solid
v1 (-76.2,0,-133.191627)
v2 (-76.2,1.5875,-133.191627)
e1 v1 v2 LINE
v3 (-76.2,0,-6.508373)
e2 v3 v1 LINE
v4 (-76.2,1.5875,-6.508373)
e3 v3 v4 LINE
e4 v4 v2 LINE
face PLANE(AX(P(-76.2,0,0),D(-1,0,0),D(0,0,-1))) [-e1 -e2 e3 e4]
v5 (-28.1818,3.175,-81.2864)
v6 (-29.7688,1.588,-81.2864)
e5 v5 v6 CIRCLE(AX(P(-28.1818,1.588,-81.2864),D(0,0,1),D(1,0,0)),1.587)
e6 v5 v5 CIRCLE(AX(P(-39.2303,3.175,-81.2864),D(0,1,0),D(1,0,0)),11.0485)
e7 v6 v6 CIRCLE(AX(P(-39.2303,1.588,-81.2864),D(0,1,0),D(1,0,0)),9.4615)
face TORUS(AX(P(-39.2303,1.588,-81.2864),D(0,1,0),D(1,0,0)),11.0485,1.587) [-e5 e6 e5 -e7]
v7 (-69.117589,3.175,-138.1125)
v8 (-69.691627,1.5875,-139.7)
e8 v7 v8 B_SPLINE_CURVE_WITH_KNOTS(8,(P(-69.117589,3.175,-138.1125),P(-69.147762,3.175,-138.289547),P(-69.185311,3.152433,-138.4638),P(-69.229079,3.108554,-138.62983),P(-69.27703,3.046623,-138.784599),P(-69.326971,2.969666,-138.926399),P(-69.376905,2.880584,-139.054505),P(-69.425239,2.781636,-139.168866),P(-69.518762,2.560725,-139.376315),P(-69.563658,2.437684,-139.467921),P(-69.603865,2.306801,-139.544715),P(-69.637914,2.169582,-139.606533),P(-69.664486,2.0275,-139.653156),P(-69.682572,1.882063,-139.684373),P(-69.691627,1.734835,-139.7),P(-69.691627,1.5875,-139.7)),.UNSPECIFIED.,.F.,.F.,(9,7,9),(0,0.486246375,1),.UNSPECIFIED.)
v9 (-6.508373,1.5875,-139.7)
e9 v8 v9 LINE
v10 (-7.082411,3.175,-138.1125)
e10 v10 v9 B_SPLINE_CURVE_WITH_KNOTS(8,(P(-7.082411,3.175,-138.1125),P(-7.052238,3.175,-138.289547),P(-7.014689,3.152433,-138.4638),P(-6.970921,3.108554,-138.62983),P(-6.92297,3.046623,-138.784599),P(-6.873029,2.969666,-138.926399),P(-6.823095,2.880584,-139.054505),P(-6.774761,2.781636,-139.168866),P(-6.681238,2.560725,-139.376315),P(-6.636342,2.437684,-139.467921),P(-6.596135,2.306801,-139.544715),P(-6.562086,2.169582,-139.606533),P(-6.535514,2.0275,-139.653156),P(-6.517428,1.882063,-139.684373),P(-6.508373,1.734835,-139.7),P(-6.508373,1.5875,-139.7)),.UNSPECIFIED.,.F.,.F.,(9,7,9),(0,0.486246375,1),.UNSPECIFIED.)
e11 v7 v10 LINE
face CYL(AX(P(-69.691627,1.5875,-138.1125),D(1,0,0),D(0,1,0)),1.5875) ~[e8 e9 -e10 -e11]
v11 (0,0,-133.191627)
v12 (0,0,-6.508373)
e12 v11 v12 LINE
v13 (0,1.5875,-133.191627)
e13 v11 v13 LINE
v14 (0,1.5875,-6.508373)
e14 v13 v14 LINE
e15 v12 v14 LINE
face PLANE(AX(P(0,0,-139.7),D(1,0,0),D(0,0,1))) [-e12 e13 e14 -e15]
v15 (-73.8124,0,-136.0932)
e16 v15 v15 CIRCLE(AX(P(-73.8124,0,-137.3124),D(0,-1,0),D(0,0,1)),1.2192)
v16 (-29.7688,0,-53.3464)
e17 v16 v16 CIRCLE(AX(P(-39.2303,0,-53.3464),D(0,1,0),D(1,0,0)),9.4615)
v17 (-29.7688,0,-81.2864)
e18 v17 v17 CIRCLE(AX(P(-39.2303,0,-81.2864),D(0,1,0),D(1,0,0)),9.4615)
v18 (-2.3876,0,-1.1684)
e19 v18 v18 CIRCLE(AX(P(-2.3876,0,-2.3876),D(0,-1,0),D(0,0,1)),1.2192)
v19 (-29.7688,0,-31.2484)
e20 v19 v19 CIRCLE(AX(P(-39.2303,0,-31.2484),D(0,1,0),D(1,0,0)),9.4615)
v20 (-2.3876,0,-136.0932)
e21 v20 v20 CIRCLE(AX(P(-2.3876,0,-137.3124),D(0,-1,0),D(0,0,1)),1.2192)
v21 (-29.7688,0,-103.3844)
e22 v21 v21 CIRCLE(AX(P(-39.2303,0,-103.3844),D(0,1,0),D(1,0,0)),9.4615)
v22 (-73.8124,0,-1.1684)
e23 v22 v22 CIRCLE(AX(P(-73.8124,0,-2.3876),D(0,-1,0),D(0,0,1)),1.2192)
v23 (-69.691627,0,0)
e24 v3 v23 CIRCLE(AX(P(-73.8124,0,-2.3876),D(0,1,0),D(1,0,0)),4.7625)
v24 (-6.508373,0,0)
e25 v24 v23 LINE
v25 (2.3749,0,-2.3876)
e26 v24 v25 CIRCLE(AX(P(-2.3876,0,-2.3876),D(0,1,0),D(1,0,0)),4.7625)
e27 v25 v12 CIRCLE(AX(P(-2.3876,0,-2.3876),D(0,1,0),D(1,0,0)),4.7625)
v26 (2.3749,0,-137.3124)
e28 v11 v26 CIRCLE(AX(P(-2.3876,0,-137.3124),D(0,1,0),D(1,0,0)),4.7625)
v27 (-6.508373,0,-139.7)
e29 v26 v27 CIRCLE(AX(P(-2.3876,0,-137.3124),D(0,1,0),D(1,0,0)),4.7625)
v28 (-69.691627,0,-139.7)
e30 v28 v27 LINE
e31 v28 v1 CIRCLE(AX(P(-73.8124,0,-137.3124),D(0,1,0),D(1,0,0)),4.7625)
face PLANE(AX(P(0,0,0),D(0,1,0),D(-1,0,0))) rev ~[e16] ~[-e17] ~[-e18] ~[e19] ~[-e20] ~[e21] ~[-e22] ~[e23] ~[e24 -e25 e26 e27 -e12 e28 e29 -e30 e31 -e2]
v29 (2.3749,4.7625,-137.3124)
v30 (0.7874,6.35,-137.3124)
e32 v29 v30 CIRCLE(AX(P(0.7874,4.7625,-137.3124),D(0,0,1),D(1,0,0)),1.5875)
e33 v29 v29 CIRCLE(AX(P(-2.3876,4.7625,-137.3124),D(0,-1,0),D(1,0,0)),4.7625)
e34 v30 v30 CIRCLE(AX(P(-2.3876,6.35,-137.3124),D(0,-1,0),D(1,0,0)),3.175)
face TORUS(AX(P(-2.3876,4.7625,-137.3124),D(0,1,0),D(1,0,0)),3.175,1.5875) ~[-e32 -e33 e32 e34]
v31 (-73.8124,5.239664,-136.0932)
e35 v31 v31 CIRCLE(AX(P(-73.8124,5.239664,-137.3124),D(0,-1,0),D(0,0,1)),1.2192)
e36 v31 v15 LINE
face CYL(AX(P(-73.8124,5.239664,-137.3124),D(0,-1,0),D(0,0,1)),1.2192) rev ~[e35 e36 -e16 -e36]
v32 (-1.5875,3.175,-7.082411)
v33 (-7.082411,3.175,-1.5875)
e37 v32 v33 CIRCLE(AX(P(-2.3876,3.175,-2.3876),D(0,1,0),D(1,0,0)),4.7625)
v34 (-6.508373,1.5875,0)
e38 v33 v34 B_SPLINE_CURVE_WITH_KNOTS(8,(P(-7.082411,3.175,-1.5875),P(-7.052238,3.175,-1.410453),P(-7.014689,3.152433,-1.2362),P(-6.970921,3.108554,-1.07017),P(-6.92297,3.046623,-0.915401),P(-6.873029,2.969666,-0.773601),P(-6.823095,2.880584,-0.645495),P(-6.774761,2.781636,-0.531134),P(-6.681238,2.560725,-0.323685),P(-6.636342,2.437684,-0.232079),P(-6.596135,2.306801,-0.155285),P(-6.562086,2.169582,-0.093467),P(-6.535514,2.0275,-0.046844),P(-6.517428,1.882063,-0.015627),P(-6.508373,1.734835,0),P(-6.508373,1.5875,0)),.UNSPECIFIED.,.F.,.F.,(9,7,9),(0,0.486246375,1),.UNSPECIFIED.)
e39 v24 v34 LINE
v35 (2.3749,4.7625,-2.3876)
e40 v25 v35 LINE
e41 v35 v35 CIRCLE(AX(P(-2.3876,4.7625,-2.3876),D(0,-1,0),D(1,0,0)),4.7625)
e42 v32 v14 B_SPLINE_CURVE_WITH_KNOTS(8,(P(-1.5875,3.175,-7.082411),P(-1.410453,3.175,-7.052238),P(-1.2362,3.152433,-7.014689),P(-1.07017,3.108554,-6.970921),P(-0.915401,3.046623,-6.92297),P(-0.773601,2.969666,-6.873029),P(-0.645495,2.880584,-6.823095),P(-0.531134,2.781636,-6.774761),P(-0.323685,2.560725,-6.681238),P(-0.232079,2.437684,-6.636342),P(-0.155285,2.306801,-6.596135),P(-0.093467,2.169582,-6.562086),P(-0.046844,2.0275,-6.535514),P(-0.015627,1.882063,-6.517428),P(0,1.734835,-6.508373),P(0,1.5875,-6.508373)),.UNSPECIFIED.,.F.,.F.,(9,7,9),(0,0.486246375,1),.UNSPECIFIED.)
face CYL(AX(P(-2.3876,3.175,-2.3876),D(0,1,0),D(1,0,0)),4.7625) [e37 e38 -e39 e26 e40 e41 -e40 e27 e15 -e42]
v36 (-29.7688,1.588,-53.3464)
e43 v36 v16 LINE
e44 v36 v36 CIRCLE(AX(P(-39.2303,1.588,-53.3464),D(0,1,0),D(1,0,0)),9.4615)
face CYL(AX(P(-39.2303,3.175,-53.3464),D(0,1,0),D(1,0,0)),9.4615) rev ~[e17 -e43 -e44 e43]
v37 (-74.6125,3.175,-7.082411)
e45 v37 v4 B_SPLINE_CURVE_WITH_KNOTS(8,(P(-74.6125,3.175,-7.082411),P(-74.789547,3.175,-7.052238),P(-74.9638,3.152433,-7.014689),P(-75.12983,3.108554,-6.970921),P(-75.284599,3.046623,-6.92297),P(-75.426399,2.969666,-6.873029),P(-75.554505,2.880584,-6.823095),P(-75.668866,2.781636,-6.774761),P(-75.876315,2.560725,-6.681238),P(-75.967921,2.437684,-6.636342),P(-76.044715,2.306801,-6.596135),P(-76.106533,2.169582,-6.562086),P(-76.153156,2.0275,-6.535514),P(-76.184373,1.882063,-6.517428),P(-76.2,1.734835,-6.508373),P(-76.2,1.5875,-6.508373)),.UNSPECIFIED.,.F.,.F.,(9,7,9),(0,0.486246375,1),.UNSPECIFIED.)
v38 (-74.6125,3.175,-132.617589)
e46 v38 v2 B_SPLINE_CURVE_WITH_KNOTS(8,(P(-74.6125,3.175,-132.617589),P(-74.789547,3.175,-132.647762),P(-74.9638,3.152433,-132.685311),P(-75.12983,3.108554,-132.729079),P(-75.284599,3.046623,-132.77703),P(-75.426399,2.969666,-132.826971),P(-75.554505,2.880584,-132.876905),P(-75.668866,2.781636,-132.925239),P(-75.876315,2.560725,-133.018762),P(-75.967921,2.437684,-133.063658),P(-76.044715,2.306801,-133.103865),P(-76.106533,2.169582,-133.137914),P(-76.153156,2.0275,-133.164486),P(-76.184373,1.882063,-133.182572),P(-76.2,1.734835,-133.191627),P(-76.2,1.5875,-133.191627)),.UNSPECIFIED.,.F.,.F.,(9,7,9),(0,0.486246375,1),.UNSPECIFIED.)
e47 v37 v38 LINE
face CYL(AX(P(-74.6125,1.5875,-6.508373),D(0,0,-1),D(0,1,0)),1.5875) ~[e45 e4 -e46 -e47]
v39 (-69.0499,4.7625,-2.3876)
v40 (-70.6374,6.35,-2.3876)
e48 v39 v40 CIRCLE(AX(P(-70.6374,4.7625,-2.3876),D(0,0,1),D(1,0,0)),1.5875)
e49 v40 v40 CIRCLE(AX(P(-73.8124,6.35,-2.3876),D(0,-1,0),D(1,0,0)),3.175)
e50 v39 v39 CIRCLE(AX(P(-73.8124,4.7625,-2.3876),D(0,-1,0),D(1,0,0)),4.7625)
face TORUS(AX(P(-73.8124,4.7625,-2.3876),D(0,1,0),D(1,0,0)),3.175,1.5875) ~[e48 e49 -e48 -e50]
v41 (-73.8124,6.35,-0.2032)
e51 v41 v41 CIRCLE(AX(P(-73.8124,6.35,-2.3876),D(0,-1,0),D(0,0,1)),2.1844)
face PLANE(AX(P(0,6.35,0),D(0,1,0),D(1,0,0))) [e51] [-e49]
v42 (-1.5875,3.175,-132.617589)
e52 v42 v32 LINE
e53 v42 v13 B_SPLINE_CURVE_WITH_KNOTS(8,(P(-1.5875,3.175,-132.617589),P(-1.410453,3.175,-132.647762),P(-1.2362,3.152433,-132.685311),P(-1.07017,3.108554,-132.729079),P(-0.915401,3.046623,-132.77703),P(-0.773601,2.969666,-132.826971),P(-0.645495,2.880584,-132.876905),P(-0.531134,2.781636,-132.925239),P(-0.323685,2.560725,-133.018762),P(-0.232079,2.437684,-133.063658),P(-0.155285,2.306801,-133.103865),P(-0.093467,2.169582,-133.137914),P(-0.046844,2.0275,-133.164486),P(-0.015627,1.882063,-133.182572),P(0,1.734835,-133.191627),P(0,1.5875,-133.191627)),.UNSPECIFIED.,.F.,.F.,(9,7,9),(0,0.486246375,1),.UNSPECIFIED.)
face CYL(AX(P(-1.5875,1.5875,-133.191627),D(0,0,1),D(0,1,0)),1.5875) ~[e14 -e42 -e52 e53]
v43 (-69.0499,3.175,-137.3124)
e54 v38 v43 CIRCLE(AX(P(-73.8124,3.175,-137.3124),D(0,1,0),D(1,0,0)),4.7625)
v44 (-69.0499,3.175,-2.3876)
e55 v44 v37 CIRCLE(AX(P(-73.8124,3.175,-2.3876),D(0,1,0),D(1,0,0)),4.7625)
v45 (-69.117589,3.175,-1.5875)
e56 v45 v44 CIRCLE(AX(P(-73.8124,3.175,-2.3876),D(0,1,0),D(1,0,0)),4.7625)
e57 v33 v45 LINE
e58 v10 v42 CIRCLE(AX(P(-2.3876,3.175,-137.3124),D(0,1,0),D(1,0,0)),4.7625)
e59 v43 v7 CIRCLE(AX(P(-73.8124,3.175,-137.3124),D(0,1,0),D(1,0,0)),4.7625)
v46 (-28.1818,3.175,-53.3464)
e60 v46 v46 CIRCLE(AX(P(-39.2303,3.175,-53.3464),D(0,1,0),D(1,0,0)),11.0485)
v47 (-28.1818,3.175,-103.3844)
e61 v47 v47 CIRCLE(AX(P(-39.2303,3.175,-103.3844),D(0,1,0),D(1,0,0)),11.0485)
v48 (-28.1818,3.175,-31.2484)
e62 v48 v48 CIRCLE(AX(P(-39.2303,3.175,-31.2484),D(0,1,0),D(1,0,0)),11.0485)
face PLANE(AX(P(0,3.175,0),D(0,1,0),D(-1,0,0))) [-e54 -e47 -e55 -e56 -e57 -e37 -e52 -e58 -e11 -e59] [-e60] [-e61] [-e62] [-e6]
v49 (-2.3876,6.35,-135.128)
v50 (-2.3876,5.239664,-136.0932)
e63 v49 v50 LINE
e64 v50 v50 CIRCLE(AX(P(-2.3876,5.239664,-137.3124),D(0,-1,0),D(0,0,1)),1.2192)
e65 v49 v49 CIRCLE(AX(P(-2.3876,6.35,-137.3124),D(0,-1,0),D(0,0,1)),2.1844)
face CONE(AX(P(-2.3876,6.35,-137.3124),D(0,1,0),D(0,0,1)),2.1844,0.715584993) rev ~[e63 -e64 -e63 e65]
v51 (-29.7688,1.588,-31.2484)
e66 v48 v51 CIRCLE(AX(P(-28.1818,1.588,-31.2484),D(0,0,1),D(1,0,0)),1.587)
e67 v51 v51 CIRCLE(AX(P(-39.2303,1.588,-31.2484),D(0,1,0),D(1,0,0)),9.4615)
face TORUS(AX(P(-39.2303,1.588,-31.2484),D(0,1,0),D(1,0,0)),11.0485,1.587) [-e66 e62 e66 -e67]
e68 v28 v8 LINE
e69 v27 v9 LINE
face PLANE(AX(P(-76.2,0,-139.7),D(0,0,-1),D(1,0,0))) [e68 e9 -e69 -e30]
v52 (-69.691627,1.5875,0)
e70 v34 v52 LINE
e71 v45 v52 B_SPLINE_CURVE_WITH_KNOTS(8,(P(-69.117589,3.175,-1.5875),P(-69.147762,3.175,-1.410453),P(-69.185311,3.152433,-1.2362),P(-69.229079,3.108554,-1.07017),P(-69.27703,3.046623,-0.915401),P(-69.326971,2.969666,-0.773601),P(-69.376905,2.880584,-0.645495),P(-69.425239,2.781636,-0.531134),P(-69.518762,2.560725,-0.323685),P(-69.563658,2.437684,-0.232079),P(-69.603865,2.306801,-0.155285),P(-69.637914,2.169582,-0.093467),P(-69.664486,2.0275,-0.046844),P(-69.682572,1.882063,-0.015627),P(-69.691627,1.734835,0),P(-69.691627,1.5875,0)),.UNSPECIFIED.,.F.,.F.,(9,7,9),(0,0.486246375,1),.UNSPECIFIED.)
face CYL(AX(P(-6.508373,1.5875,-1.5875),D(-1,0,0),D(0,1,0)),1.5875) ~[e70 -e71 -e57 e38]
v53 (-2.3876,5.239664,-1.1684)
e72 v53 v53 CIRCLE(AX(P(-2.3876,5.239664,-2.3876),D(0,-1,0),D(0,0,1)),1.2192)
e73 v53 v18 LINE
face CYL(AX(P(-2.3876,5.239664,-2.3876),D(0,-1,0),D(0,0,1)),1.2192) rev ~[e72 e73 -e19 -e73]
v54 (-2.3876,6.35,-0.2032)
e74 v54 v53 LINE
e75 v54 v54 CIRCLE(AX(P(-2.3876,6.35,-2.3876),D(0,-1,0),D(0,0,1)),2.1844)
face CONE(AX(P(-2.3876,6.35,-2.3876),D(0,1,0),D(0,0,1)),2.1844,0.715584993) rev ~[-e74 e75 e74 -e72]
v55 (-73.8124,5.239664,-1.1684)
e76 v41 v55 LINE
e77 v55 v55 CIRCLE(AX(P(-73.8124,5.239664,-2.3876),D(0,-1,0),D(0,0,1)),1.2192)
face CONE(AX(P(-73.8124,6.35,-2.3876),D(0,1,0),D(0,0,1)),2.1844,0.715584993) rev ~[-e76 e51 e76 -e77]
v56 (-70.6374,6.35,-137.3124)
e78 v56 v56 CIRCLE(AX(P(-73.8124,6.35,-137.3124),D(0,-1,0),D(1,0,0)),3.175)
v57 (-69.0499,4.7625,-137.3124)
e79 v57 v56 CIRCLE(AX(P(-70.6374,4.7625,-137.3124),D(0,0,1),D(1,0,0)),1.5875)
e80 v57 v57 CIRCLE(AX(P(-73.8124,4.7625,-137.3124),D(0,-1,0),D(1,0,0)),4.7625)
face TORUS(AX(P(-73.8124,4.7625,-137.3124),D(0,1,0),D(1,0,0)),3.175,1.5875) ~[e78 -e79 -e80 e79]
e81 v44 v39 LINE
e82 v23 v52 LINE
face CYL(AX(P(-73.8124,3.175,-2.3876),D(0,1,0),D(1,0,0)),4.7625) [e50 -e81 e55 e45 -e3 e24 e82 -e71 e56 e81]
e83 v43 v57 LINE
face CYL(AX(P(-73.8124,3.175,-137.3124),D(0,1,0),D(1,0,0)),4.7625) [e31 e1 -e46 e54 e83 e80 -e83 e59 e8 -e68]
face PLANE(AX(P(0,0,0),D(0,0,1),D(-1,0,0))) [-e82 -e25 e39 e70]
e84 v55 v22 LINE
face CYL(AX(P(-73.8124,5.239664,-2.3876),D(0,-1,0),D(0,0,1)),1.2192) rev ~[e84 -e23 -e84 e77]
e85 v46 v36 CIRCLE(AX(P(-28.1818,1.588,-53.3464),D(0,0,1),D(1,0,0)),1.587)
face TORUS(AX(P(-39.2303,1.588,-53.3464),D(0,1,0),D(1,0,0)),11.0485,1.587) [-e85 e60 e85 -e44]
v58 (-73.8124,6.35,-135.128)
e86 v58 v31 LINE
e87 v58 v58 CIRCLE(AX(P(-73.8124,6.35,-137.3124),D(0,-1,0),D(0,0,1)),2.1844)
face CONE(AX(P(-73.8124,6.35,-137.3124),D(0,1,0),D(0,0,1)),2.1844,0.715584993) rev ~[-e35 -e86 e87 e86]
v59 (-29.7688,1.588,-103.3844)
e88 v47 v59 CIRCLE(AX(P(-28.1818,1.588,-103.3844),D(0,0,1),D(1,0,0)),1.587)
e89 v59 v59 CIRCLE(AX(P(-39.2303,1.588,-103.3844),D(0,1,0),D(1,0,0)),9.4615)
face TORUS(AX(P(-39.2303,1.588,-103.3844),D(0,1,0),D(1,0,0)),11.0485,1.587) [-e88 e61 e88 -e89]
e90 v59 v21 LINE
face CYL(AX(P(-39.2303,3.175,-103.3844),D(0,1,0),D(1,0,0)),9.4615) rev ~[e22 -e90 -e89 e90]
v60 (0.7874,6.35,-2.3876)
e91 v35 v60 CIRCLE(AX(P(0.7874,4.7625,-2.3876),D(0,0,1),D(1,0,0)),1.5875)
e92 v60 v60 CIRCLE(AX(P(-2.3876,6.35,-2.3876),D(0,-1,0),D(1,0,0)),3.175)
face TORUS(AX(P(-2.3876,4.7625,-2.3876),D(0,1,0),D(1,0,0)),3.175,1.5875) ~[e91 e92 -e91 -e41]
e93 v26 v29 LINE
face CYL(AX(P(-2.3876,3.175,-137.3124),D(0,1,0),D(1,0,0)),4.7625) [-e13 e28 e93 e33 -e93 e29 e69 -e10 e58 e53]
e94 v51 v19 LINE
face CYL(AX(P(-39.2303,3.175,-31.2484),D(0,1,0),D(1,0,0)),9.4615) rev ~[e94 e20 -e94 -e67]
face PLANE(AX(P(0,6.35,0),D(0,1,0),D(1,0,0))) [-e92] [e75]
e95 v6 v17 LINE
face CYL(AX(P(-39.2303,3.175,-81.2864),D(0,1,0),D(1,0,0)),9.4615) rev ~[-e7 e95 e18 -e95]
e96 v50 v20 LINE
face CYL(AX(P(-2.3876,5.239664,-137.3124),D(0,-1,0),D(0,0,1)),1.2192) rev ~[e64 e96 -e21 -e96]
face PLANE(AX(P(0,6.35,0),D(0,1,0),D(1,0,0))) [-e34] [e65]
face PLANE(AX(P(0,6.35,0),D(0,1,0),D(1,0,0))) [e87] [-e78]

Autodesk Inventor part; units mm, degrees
ref_plane "YZ Plane" through (0, 0, 0) normal (1, 0, 0) x (0, 1, 0)
ref_plane "XZ Plane" through (0, 0, 0) normal (0, 1, 0) x (-1, 0, 0)
ref_plane "XY Plane" through (0, 0, 0) normal (0, 0, 1) x (1, 0, 0)
sketch "Sketch1" plane through (0, 0, 0) normal (0, 1, 0) x (-1, 0, 0)
  line L0 (0, 0) -> (76.2, 0)
  line L1 (76.2, 0) -> (76.2, -139.7)
  line L2 (76.2, -139.7) -> (0, -139.7)
  line L3 (0, -139.7) -> (0, 0)
  dimension "d0" = 76.2
  dimension "d1" = 139.7
extrude "Extrusion1" add sketch "Sketch1" along normal blind 3.175
sketch "Sketch2" plane through (0, 3.175, 0) normal (0, 1, 0) x (1, 0, 0)
  line L0 (-76.2, 0) -> (0, 0) projected
  line L1 (0, 0) -> (0, 139.7) projected
  line L2 (0, 139.7) -> (-76.2, 139.7) projected
  line L3 (-76.2, 139.7) -> (-76.2, 0) projected
  circle A0 centre (-2.3876, 2.3876) radius 4.7625
  circle A1 centre (-73.8124, 2.3876) radius 4.7625
  circle A2 centre (-73.8124, 137.3124) radius 4.7625
  circle A3 centre (-2.3876, 137.3124) radius 4.7625
  dimension "d4" = 9.525
  dimension "d5" = 9.525
  dimension "d6" = 9.525
  dimension "d7" = 9.525
  dimension "d8" = 2.3876
  dimension "d9" = 2.3876
  dimension "d10" = 2.3876
  dimension "d11" = 2.3876
  dimension "d12" = 2.3876
  dimension "d13" = 2.3876
  dimension "d14" = 2.3876
  dimension "d15" = 2.3876
extrude "Extrusion2" add sketch "Sketch2" along normal mid plane 6.35 contours L3 A1 L0 | L0 A1 L3 | A0 L1 L0 | L0 L1 A0 | A2 L2 L3 | L3 L2 A2 | A3 L2 L1 | L1 L2 A3
fillet "Fillet1" radius 1.5875 4 edges at (-78.5749, 6.35, -2.3876) (-7.1501, 6.35, -2.3876) (-7.1501, 6.35, -137.3124) (-78.5749, 6.35, -137.3124)
hole "Hole1" at (-73.8124, 6.35, -2.3876) direction (0, -1, 0) diameter 2.4384 end through all countersink diameter 4.3688 countersink angle 82 clearance for "Flat Head Machine Screw (82)" size "#2" standard "Ansi Unified Screw Threads"
hole "Hole2" at (-73.8124, 6.35, -137.3124) direction (0, -1, 0) diameter 2.4384 end through all countersink diameter 4.3688 countersink angle 82 clearance for "Flat Head Machine Screw (82)" size "#2" standard "Ansi Unified Screw Threads"
hole "Hole3" at (-2.3876, 6.35, -137.3124) direction (0, -1, 0) diameter 2.4384 end through all countersink diameter 4.3688 countersink angle 82 clearance for "Flat Head Machine Screw (82)" size "#2" standard "Ansi Unified Screw Threads"
hole "Hole4" at (-2.3876, 6.35, -2.3876) direction (0, -1, 0) diameter 2.4384 end through all countersink diameter 4.3688 countersink angle 82 clearance for "Flat Head Machine Screw (82)" size "#2" standard "Ansi Unified Screw Threads"
sketch "Sketch5" plane through (0, 3.175, 0) normal (0, 1, 0) x (1, 0, 0)
  circle A0 centre (-39.2303, 31.2484) radius 8.9535 projected
  circle A1 centre (-39.2303, 53.3464) radius 8.9535 projected
  circle A2 centre (-39.2303, 81.2864) radius 8.9535 projected
  circle A3 centre (-39.2303, 103.3844) radius 8.9535 projected
  circle A4 centre (-39.2303, 31.2484) radius 9.4615
  circle A5 centre (-39.2303, 53.3464) radius 9.4615
  circle A6 centre (-39.2303, 81.2864) radius 9.4615
  circle A7 centre (-39.2303, 103.3844) radius 9.4615
  point P0 (0, 0)
  dimension "d67" = 0.508
  dimension "d68" = 0.508
  dimension "d69" = 0.508
  dimension "d70" = 0.508
extrude "Extrusion5" cut sketch "Sketch5" against normal blind 6.35 contours A0 | A1 | A2 | A3 | A4 | A5 | A6 | A7
fillet "Fillet2" radius 1.5875 4 edges at (-48.6918, 3.175, -31.2484) (-48.6918, 3.175, -53.3464) (-48.6918, 3.175, -81.2864) (-48.6918, 3.175, -103.3844)
fillet "Fillet3" radius 1.5875 4 edges at (-38.1, 3.175, 0) (0, 3.175, -69.85) (-76.2, 3.175, -69.85) (-38.1, 3.175, -139.7)
properties part number "Case Top"
